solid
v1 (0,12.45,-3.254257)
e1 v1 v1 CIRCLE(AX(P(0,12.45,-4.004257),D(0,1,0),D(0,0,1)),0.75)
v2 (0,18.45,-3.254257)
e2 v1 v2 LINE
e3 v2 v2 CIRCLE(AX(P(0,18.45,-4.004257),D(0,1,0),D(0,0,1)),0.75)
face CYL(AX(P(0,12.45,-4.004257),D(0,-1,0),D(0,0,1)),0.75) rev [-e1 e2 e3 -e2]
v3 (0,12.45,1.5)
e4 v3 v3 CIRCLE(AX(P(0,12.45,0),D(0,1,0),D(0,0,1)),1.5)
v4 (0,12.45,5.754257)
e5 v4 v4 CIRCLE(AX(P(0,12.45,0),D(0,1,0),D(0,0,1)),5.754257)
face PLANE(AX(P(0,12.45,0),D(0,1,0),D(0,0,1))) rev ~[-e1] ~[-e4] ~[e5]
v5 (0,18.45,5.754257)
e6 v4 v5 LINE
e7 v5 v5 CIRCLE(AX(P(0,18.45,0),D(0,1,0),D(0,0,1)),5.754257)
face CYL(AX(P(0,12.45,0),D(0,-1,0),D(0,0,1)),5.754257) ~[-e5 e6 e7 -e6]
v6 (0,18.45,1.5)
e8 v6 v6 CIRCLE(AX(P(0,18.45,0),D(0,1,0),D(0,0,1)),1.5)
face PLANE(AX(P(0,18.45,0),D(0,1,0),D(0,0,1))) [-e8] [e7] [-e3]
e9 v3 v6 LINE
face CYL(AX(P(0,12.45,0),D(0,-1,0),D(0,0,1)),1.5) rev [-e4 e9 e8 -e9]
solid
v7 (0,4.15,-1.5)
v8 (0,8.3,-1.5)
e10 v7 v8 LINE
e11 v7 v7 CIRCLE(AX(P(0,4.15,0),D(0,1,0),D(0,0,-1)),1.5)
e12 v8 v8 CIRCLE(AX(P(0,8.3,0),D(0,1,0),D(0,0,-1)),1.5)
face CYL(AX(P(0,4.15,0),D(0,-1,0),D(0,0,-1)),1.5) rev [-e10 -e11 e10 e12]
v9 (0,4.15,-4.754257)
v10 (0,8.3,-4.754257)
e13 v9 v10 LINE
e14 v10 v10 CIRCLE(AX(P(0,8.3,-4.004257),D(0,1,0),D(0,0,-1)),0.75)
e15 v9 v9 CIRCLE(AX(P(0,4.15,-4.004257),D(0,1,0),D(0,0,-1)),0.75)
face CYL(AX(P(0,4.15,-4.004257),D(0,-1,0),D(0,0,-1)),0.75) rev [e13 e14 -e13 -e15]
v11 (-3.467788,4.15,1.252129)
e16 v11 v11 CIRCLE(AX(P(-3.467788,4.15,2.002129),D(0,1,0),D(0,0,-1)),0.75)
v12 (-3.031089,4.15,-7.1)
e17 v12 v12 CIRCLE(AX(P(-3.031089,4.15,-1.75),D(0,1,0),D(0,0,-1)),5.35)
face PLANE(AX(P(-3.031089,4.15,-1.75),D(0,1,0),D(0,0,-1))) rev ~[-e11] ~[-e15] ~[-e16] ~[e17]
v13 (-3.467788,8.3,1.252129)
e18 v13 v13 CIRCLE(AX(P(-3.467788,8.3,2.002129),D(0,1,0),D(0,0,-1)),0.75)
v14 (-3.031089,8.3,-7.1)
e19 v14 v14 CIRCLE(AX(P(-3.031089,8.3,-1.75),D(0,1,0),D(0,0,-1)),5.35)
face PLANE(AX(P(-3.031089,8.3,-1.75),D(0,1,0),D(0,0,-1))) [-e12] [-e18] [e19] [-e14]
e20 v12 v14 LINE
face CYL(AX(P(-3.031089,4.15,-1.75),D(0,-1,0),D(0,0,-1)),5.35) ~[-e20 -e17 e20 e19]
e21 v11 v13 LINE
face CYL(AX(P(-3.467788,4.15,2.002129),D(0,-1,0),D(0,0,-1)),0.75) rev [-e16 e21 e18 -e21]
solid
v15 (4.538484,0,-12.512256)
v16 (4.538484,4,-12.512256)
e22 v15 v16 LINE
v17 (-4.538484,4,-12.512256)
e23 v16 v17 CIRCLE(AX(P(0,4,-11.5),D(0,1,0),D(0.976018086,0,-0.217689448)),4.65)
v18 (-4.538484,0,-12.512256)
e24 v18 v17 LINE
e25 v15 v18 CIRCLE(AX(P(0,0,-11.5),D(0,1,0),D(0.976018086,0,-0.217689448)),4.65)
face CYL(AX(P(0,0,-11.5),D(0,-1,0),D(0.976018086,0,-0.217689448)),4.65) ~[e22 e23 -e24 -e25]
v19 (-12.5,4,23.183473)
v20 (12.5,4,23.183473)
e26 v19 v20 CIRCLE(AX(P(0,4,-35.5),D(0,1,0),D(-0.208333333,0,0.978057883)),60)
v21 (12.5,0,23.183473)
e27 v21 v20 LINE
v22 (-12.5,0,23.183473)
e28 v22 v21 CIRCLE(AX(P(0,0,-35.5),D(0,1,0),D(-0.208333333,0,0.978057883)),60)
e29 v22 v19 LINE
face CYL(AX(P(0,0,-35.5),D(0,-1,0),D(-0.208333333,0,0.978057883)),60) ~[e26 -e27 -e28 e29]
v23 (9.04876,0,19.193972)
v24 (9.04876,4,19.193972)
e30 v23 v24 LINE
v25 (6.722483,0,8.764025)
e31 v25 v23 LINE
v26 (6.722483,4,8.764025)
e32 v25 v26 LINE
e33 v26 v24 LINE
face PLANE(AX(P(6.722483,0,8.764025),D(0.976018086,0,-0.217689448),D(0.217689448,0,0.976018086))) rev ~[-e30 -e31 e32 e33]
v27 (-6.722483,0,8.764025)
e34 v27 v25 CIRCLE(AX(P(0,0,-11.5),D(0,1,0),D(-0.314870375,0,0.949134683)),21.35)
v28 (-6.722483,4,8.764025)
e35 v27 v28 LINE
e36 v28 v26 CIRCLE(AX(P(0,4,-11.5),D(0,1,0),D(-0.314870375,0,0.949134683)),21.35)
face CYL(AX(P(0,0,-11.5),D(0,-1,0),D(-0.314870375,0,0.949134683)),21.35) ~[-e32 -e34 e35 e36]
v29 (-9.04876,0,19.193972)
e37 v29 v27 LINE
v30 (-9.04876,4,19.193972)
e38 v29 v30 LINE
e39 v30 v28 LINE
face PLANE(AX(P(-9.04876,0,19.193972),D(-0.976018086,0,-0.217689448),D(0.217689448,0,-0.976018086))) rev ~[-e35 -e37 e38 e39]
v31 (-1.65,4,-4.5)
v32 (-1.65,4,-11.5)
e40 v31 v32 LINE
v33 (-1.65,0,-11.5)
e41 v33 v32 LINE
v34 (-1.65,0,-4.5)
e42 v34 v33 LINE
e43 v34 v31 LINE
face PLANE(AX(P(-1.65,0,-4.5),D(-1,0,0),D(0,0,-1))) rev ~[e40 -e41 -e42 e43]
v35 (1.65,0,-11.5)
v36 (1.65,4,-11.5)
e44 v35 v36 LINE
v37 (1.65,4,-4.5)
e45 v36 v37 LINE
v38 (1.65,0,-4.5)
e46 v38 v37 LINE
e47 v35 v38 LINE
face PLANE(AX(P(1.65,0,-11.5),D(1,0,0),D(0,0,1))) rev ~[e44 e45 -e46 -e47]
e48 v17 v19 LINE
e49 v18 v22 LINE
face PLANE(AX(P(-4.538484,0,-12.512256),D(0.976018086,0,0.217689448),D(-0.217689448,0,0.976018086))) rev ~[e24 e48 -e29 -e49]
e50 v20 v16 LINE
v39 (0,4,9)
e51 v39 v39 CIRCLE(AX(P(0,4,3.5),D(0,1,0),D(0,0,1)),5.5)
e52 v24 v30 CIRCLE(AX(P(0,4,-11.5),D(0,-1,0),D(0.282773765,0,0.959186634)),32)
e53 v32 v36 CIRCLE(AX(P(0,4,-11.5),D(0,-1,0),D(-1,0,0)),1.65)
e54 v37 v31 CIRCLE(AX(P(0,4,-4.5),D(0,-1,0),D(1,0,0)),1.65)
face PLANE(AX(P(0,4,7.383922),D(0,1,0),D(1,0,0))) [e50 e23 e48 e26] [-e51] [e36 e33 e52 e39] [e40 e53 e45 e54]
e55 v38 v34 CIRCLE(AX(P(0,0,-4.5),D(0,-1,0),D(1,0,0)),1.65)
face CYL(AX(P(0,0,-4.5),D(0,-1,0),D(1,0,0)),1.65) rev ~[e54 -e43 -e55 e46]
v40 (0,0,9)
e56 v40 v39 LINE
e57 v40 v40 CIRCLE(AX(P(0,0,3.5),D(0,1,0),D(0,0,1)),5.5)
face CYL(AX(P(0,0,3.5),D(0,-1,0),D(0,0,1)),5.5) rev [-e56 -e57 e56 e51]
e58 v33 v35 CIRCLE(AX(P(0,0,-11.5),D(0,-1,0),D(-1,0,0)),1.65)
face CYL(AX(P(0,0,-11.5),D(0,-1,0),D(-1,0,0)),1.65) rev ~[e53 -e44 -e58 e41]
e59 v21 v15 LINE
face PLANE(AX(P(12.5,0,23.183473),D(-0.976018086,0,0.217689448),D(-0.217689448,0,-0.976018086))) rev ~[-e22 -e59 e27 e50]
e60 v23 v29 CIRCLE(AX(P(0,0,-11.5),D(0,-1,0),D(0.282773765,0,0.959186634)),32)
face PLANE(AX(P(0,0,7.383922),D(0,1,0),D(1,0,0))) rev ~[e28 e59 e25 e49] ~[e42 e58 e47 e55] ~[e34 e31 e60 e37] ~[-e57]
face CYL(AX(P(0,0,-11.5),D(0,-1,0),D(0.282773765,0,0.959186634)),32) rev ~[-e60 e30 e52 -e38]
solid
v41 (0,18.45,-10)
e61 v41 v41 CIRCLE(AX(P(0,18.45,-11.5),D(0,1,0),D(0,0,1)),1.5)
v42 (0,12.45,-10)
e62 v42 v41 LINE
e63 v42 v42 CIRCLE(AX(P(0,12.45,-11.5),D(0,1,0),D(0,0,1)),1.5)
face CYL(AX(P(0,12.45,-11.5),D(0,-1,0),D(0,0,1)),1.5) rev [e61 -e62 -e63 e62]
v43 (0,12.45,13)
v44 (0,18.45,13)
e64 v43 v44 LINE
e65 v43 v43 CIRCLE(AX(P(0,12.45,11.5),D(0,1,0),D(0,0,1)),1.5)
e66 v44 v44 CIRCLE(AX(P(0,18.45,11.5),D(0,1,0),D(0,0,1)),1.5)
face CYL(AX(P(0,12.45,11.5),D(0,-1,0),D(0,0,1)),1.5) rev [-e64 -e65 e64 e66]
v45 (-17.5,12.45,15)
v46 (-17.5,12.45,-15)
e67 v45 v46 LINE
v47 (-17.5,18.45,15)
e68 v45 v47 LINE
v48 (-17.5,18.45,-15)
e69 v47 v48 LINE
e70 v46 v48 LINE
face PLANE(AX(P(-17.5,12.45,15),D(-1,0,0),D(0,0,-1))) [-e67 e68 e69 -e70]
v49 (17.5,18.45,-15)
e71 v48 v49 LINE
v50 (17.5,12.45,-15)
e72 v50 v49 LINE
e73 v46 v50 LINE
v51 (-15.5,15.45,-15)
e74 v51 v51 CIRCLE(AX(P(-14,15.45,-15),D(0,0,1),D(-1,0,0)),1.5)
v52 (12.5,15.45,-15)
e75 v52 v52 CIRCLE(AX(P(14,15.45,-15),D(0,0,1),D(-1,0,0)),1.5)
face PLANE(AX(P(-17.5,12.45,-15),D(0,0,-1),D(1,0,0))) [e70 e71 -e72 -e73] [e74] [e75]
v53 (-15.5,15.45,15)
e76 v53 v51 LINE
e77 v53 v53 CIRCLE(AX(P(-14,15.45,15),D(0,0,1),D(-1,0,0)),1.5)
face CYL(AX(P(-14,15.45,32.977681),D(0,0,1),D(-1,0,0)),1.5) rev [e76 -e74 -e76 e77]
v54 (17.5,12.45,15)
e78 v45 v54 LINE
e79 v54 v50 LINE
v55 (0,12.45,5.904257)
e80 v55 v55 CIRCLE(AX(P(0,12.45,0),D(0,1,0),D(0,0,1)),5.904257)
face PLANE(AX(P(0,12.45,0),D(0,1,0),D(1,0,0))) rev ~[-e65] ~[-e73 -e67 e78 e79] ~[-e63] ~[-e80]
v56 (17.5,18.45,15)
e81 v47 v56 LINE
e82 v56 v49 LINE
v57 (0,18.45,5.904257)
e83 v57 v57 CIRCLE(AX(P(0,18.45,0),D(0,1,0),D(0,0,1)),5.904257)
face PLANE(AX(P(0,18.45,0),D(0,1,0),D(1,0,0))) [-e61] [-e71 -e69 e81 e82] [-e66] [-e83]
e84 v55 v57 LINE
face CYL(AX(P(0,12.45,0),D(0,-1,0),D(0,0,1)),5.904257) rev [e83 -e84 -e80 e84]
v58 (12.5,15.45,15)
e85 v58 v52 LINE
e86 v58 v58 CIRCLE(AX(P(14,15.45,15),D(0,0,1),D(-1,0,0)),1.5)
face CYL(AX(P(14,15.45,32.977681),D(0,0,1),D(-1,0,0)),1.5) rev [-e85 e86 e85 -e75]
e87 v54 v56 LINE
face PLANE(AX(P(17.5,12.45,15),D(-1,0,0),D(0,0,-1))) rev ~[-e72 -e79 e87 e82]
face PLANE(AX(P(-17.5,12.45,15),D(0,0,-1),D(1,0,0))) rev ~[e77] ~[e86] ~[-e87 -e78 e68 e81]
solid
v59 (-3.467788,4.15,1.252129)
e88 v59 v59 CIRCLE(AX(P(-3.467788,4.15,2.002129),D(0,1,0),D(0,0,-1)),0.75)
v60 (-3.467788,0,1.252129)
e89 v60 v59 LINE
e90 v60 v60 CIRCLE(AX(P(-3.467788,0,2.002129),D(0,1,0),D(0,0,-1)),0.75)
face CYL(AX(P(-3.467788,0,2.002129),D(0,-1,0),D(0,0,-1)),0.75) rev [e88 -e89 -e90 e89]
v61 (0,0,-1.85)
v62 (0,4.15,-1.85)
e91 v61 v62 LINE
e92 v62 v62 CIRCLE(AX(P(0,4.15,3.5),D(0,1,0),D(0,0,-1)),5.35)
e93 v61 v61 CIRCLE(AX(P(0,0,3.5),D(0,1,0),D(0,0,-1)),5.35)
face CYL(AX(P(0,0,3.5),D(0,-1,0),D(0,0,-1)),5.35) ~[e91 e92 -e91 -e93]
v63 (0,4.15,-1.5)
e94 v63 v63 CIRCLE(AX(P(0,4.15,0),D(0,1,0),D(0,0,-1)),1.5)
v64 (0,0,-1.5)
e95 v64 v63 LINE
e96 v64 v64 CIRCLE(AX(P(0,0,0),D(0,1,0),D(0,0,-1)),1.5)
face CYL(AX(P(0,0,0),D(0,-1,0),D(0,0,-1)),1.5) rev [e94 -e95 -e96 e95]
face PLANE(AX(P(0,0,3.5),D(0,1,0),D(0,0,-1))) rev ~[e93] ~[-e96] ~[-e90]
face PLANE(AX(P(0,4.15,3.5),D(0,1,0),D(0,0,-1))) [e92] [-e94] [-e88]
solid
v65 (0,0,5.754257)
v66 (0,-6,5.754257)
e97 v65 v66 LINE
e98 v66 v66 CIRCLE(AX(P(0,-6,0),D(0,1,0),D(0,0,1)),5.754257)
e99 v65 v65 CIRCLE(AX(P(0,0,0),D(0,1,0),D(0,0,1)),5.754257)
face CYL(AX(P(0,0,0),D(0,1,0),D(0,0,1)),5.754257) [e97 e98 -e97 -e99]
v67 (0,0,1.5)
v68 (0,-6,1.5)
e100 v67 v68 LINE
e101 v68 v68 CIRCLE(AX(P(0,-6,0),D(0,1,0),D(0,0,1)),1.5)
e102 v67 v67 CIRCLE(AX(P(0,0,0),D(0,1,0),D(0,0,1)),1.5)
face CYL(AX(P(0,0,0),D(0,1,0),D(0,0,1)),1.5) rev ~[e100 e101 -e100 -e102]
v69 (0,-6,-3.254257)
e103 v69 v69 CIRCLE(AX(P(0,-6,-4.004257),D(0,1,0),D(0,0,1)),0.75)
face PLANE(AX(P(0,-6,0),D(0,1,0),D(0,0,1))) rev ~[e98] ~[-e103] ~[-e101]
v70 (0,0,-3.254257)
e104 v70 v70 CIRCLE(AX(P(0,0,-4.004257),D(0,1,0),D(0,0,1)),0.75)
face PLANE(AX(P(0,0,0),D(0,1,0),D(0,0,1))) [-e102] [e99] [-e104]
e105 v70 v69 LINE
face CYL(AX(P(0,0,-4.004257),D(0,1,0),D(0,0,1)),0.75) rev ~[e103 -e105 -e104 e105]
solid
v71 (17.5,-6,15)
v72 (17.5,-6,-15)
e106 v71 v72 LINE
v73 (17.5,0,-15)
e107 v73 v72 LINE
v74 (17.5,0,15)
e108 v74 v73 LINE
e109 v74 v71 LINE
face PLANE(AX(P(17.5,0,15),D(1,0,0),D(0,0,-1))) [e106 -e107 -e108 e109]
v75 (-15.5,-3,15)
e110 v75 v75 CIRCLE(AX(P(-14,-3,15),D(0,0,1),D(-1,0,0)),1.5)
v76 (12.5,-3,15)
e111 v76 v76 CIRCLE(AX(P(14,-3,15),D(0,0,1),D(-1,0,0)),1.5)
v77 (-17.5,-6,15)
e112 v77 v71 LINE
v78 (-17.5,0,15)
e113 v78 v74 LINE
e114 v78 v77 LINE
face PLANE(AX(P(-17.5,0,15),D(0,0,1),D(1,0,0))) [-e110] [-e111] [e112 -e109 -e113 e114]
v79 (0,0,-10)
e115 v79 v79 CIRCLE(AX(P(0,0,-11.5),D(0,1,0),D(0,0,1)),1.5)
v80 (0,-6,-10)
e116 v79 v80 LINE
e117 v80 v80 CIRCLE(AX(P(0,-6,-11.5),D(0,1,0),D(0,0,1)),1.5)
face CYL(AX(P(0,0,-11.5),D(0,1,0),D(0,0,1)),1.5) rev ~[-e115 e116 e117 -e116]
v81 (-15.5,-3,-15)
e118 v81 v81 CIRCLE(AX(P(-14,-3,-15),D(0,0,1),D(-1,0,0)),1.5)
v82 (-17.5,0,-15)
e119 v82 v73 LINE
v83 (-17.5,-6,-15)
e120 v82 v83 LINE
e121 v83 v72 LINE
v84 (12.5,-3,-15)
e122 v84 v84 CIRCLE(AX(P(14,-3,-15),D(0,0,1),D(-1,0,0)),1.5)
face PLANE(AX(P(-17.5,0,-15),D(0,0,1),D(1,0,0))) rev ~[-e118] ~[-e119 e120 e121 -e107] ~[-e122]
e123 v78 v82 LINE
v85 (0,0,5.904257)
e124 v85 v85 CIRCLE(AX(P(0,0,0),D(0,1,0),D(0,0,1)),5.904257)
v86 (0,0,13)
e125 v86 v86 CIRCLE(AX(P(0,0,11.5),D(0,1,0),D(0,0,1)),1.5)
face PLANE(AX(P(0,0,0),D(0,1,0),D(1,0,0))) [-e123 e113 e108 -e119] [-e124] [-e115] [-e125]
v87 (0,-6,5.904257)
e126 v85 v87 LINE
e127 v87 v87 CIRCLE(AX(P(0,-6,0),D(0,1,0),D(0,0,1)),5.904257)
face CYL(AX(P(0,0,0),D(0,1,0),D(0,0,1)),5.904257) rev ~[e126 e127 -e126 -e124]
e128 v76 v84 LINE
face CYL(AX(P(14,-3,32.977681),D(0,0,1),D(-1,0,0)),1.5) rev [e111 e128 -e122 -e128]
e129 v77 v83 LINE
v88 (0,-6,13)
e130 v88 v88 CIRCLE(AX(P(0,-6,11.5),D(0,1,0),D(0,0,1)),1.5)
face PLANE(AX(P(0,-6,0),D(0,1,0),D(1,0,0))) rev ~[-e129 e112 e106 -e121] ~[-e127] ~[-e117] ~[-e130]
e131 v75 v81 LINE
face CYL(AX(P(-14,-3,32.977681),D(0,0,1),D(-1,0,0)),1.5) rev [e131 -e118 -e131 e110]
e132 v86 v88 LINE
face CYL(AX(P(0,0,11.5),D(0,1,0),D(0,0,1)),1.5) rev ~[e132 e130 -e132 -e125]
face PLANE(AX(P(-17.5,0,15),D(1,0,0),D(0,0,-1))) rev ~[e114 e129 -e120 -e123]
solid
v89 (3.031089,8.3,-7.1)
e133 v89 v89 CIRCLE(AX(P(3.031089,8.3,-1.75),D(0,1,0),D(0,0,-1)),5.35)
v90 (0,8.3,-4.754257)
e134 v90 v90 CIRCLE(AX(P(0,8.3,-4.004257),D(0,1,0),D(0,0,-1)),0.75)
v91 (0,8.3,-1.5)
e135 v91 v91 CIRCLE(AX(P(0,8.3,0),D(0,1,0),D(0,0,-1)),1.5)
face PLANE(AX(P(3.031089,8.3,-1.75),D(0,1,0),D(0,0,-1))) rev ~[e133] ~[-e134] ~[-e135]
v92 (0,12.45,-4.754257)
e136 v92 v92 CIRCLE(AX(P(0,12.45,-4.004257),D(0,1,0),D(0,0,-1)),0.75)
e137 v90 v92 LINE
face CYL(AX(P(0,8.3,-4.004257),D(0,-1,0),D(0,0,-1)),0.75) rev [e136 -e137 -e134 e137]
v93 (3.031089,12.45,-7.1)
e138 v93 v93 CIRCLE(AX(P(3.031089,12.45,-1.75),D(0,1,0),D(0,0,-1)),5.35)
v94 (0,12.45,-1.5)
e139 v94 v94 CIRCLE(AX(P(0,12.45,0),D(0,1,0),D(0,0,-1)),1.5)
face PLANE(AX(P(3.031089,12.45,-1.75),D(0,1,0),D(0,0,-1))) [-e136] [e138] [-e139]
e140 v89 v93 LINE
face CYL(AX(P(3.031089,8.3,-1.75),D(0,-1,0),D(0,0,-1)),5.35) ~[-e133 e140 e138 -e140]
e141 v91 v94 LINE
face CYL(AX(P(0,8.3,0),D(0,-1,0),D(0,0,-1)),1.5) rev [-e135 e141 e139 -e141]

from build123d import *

# Parameters (mm, degrees)
SKETCH6_R               = 5.35
SKETCH6_R_2             = 0.75
SKETCH6_R_3             = 1.5
BOSS_EXTRUDE2_DEPTH     = 4.15
BOSS_EXTRUDE3_START     = 4.15
SKETCH6_3_R             = 5.35
SKETCH6_3_R_2           = 0.75
SKETCH6_3_R_3           = 1.5
BOSS_EXTRUDE3_DEPTH     = 4.15
BOSS_EXTRUDE4_START     = 8.3
SKETCH6_4_R             = 5.35
SKETCH6_4_R_2           = 0.75
SKETCH6_4_R_3           = 1.5
BOSS_EXTRUDE4_DEPTH     = 4.15
SKETCH2_R               = 5.5
BOSS_EXTRUDE1_DEPTH     = 4
SKETCH7_W               = 35
SKETCH7_H               = 30
SKETCH7_R               = 5.904257245
SKETCH7_R_2             = 1.5
BOSS_EXTRUDE5_DEPTH     = 6
BOSS_EXTRUDE6_START     = 12.45
SKETCH7_2_W             = 35
SKETCH7_2_H             = 30
SKETCH7_2_R             = 5.904257245
SKETCH7_2_R_2           = 1.5
BOSS_EXTRUDE6_DEPTH     = 6
SKETCH7_4_R             = 5.754257245
SKETCH7_4_R_2           = 0.75
SKETCH7_4_R_3           = 1.5
BOSS_EXTRUDE7_DEPTH     = 6
BOSS_EXTRUDE8_START     = 12.45
SKETCH7_5_R             = 5.754257245
SKETCH7_5_R_2           = 0.75
SKETCH7_5_R_3           = 1.5
BOSS_EXTRUDE8_DEPTH     = 6
CUT_EXTRUDE2_DEPTH      = 47.977680871
CUT_EXTRUDE2_DEPTH_BACK = 47.977680871
SKETCH9_R               = 1.5


with BuildPart() as part:
    # Sketch6 → Boss-Extrude2 (new body)
    with BuildSketch(Plane(origin=(0, 0, 0), x_dir=(1, 0, 0), z_dir=(0, 1, 0))):
        with Locations(Location((0, -3.5, 0), (0, 0, 90))):
            Circle(SKETCH6_R)
        with Locations(Location((-3.467788497, -2.002128622, 0), (0, 0, 90))):
            Circle(SKETCH6_R_2, mode=Mode.SUBTRACT)
        with Locations(Location((0, 0, 0), (0, 0, 90))):
            Circle(SKETCH6_R_3, mode=Mode.SUBTRACT)
    extrude(amount=BOSS_EXTRUDE2_DEPTH)


with BuildPart() as body_2:
    # Sketch6<3> → Boss-Extrude3 (new body)
    with BuildSketch(Plane(origin=(0, 0, 0), x_dir=(1, 0, 0), z_dir=(0, 1, 0)).offset(BOSS_EXTRUDE3_START)):
        with Locations(Location((-3.031088913, 1.75, 0), (0, 0, 90))):
            Circle(SKETCH6_3_R)
        with Locations(Location((0, 4.004257245, 0), (0, 0, 90))):
            Circle(SKETCH6_3_R_2, mode=Mode.SUBTRACT)
        with Locations(Location((-3.467788497, -2.002128622, 0), (0, 0, 90))):
            Circle(SKETCH6_3_R_2, mode=Mode.SUBTRACT)
        with Locations(Location((0, 0, 0), (0, 0, 90))):
            Circle(SKETCH6_3_R_3, mode=Mode.SUBTRACT)
    extrude(amount=BOSS_EXTRUDE3_DEPTH)


with BuildPart() as body_3:
    # Sketch6<4> → Boss-Extrude4 (new body)
    with BuildSketch(Plane(origin=(0, 0, 0), x_dir=(1, 0, 0), z_dir=(0, 1, 0)).offset(BOSS_EXTRUDE4_START)):
        with Locations(Location((3.031088913, 1.75, 0), (0, 0, 90))):
            Circle(SKETCH6_4_R)
        with Locations(Location((0, 4.004257245, 0), (0, 0, 90))):
            Circle(SKETCH6_4_R_2, mode=Mode.SUBTRACT)
        with Locations(Location((0, 0, 0), (0, 0, 90))):
            Circle(SKETCH6_4_R_3, mode=Mode.SUBTRACT)
    extrude(amount=BOSS_EXTRUDE4_DEPTH)


with BuildPart() as body_4:
    # Sketch2 → Boss-Extrude1 (new body)
    with BuildSketch(Plane(origin=(0, 0, 0), x_dir=(1, 0, 0), z_dir=(0, 1, 0))):
        with BuildLine():
            Line((-4.5384841, 12.512255932), (-12.5, -23.183472972))
            ThreePointArc((-12.5, -23.183472972), (0, -24.5), (12.5, -23.183472972))
            Line((12.5, -23.183472972), (4.5384841, 12.512255932))
            ThreePointArc((4.5384841, 12.512255932), (0, 16.15), (-4.5384841, 12.512255932))
        make_face()
        with Locations(Location((0, -3.5, 0), (0, 0, 270))):
            Circle(SKETCH2_R, mode=Mode.SUBTRACT)
        with BuildLine():
            Line((-1.65, 4.5), (-1.65, 11.5))
            ThreePointArc((-1.65, 11.5), (0, 13.15), (1.65, 11.5))
            Line((1.65, 11.5), (1.65, 4.5))
            ThreePointArc((1.65, 4.5), (0, 2.85), (-1.65, 4.5))
        make_face(mode=Mode.SUBTRACT)
        with BuildLine():
            Line((6.722482513, -8.764025485), (9.048760467, -19.193972275))
            ThreePointArc((9.048760467, -19.193972275), (0, -20.5), (-9.048760467, -19.193972275))
            Line((-9.048760467, -19.193972275), (-6.722482513, -8.764025485))
            ThreePointArc((-6.722482513, -8.764025485), (0, -9.85), (6.722482513, -8.764025485))
        make_face(mode=Mode.SUBTRACT)
    extrude(amount=BOSS_EXTRUDE1_DEPTH)


with BuildPart() as body_5:
    # Sketch7 → Boss-Extrude5 (new body)
    with BuildSketch(Plane(origin=(0, 0, 0), x_dir=(1, 0, 0), z_dir=(0, 1, 0))):
        Rectangle(SKETCH7_W, SKETCH7_H)
        with Locations(Location((0, 0, 0), (0, 0, 270))):
            Circle(SKETCH7_R, mode=Mode.SUBTRACT)
        with Locations(Location((0, 11.5, 0), (0, 0, 270))):
            Circle(SKETCH7_R_2, mode=Mode.SUBTRACT)
        with Locations(Location((0, -11.5, 0), (0, 0, 270))):
            Circle(SKETCH7_R_2, mode=Mode.SUBTRACT)
    extrude(amount=-BOSS_EXTRUDE5_DEPTH)


with BuildPart() as body_6:
    # Sketch7<2> → Boss-Extrude6 (new body)
    with BuildSketch(Plane(origin=(0, 0, 0), x_dir=(1, 0, 0), z_dir=(0, 1, 0)).offset(BOSS_EXTRUDE6_START)):
        Rectangle(SKETCH7_2_W, SKETCH7_2_H)
        with Locations(Location((0, 0, 0), (0, 0, 270))):
            Circle(SKETCH7_2_R, mode=Mode.SUBTRACT)
        with Locations(Location((0, 11.5, 0), (0, 0, 270))):
            Circle(SKETCH7_2_R_2, mode=Mode.SUBTRACT)
        with Locations(Location((0, -11.5, 0), (0, 0, 270))):
            Circle(SKETCH7_2_R_2, mode=Mode.SUBTRACT)
    extrude(amount=BOSS_EXTRUDE6_DEPTH)


with BuildPart() as body_7:
    # Sketch7<4> → Boss-Extrude7 (new body)
    with BuildSketch(Plane(origin=(0, 0, 0), x_dir=(1, 0, 0), z_dir=(0, 1, 0))):
        with Locations(Location((0, 0, 0), (0, 0, 270))):
            Circle(SKETCH7_4_R)
        with Locations(Location((0, 4.004257245, 0), (0, 0, 270))):
            Circle(SKETCH7_4_R_2, mode=Mode.SUBTRACT)
        with Locations(Location((0, 0, 0), (0, 0, 270))):
            Circle(SKETCH7_4_R_3, mode=Mode.SUBTRACT)
    extrude(amount=-BOSS_EXTRUDE7_DEPTH)


with BuildPart() as body_8:
    # Sketch7<5> → Boss-Extrude8 (new body)
    with BuildSketch(Plane(origin=(0, 0, 0), x_dir=(1, 0, 0), z_dir=(0, 1, 0)).offset(BOSS_EXTRUDE8_START)):
        with Locations(Location((0, 0, 0), (0, 0, 270))):
            Circle(SKETCH7_5_R)
        with Locations(Location((0, 4.004257245, 0), (0, 0, 270))):
            Circle(SKETCH7_5_R_2, mode=Mode.SUBTRACT)
        with Locations(Location((0, 0, 0), (0, 0, 270))):
            Circle(SKETCH7_5_R_3, mode=Mode.SUBTRACT)
    extrude(amount=BOSS_EXTRUDE8_DEPTH)


with BuildPart() as cut_extrude2_tool:
    # Sketch9 → Cut-Extrude2 (new, two sides: drawn at the far end of the back side and taken through both)
    with BuildSketch(Plane(origin=(0, 0, -15), x_dir=(-1, 0, 0), z_dir=(0, 0, -1)).offset(-CUT_EXTRUDE2_DEPTH_BACK)):
        with Locations((-14, 15.45)):
            Circle(SKETCH9_R)
        with Locations((14, 15.45)):
            Circle(SKETCH9_R)
        with Locations((14, -3)):
            Circle(SKETCH9_R)
        with Locations((-14, -3)):
            Circle(SKETCH9_R)
    extrude(amount=CUT_EXTRUDE2_DEPTH + CUT_EXTRUDE2_DEPTH_BACK)


with BuildPart() as body_5_1:
    add(body_5.part)

    # Cut-Extrude2: cut by cut_extrude2_tool
    add(cut_extrude2_tool.part, mode=Mode.SUBTRACT)


with BuildPart() as body_6_1:
    add(body_6.part)

    # Cut-Extrude2: cut by cut_extrude2_tool
    add(cut_extrude2_tool.part, mode=Mode.SUBTRACT)


solid = Compound([part.part, body_2.part, body_3.part, body_4.part, body_7.part, body_8.part, body_5_1.part, body_6_1.part])
